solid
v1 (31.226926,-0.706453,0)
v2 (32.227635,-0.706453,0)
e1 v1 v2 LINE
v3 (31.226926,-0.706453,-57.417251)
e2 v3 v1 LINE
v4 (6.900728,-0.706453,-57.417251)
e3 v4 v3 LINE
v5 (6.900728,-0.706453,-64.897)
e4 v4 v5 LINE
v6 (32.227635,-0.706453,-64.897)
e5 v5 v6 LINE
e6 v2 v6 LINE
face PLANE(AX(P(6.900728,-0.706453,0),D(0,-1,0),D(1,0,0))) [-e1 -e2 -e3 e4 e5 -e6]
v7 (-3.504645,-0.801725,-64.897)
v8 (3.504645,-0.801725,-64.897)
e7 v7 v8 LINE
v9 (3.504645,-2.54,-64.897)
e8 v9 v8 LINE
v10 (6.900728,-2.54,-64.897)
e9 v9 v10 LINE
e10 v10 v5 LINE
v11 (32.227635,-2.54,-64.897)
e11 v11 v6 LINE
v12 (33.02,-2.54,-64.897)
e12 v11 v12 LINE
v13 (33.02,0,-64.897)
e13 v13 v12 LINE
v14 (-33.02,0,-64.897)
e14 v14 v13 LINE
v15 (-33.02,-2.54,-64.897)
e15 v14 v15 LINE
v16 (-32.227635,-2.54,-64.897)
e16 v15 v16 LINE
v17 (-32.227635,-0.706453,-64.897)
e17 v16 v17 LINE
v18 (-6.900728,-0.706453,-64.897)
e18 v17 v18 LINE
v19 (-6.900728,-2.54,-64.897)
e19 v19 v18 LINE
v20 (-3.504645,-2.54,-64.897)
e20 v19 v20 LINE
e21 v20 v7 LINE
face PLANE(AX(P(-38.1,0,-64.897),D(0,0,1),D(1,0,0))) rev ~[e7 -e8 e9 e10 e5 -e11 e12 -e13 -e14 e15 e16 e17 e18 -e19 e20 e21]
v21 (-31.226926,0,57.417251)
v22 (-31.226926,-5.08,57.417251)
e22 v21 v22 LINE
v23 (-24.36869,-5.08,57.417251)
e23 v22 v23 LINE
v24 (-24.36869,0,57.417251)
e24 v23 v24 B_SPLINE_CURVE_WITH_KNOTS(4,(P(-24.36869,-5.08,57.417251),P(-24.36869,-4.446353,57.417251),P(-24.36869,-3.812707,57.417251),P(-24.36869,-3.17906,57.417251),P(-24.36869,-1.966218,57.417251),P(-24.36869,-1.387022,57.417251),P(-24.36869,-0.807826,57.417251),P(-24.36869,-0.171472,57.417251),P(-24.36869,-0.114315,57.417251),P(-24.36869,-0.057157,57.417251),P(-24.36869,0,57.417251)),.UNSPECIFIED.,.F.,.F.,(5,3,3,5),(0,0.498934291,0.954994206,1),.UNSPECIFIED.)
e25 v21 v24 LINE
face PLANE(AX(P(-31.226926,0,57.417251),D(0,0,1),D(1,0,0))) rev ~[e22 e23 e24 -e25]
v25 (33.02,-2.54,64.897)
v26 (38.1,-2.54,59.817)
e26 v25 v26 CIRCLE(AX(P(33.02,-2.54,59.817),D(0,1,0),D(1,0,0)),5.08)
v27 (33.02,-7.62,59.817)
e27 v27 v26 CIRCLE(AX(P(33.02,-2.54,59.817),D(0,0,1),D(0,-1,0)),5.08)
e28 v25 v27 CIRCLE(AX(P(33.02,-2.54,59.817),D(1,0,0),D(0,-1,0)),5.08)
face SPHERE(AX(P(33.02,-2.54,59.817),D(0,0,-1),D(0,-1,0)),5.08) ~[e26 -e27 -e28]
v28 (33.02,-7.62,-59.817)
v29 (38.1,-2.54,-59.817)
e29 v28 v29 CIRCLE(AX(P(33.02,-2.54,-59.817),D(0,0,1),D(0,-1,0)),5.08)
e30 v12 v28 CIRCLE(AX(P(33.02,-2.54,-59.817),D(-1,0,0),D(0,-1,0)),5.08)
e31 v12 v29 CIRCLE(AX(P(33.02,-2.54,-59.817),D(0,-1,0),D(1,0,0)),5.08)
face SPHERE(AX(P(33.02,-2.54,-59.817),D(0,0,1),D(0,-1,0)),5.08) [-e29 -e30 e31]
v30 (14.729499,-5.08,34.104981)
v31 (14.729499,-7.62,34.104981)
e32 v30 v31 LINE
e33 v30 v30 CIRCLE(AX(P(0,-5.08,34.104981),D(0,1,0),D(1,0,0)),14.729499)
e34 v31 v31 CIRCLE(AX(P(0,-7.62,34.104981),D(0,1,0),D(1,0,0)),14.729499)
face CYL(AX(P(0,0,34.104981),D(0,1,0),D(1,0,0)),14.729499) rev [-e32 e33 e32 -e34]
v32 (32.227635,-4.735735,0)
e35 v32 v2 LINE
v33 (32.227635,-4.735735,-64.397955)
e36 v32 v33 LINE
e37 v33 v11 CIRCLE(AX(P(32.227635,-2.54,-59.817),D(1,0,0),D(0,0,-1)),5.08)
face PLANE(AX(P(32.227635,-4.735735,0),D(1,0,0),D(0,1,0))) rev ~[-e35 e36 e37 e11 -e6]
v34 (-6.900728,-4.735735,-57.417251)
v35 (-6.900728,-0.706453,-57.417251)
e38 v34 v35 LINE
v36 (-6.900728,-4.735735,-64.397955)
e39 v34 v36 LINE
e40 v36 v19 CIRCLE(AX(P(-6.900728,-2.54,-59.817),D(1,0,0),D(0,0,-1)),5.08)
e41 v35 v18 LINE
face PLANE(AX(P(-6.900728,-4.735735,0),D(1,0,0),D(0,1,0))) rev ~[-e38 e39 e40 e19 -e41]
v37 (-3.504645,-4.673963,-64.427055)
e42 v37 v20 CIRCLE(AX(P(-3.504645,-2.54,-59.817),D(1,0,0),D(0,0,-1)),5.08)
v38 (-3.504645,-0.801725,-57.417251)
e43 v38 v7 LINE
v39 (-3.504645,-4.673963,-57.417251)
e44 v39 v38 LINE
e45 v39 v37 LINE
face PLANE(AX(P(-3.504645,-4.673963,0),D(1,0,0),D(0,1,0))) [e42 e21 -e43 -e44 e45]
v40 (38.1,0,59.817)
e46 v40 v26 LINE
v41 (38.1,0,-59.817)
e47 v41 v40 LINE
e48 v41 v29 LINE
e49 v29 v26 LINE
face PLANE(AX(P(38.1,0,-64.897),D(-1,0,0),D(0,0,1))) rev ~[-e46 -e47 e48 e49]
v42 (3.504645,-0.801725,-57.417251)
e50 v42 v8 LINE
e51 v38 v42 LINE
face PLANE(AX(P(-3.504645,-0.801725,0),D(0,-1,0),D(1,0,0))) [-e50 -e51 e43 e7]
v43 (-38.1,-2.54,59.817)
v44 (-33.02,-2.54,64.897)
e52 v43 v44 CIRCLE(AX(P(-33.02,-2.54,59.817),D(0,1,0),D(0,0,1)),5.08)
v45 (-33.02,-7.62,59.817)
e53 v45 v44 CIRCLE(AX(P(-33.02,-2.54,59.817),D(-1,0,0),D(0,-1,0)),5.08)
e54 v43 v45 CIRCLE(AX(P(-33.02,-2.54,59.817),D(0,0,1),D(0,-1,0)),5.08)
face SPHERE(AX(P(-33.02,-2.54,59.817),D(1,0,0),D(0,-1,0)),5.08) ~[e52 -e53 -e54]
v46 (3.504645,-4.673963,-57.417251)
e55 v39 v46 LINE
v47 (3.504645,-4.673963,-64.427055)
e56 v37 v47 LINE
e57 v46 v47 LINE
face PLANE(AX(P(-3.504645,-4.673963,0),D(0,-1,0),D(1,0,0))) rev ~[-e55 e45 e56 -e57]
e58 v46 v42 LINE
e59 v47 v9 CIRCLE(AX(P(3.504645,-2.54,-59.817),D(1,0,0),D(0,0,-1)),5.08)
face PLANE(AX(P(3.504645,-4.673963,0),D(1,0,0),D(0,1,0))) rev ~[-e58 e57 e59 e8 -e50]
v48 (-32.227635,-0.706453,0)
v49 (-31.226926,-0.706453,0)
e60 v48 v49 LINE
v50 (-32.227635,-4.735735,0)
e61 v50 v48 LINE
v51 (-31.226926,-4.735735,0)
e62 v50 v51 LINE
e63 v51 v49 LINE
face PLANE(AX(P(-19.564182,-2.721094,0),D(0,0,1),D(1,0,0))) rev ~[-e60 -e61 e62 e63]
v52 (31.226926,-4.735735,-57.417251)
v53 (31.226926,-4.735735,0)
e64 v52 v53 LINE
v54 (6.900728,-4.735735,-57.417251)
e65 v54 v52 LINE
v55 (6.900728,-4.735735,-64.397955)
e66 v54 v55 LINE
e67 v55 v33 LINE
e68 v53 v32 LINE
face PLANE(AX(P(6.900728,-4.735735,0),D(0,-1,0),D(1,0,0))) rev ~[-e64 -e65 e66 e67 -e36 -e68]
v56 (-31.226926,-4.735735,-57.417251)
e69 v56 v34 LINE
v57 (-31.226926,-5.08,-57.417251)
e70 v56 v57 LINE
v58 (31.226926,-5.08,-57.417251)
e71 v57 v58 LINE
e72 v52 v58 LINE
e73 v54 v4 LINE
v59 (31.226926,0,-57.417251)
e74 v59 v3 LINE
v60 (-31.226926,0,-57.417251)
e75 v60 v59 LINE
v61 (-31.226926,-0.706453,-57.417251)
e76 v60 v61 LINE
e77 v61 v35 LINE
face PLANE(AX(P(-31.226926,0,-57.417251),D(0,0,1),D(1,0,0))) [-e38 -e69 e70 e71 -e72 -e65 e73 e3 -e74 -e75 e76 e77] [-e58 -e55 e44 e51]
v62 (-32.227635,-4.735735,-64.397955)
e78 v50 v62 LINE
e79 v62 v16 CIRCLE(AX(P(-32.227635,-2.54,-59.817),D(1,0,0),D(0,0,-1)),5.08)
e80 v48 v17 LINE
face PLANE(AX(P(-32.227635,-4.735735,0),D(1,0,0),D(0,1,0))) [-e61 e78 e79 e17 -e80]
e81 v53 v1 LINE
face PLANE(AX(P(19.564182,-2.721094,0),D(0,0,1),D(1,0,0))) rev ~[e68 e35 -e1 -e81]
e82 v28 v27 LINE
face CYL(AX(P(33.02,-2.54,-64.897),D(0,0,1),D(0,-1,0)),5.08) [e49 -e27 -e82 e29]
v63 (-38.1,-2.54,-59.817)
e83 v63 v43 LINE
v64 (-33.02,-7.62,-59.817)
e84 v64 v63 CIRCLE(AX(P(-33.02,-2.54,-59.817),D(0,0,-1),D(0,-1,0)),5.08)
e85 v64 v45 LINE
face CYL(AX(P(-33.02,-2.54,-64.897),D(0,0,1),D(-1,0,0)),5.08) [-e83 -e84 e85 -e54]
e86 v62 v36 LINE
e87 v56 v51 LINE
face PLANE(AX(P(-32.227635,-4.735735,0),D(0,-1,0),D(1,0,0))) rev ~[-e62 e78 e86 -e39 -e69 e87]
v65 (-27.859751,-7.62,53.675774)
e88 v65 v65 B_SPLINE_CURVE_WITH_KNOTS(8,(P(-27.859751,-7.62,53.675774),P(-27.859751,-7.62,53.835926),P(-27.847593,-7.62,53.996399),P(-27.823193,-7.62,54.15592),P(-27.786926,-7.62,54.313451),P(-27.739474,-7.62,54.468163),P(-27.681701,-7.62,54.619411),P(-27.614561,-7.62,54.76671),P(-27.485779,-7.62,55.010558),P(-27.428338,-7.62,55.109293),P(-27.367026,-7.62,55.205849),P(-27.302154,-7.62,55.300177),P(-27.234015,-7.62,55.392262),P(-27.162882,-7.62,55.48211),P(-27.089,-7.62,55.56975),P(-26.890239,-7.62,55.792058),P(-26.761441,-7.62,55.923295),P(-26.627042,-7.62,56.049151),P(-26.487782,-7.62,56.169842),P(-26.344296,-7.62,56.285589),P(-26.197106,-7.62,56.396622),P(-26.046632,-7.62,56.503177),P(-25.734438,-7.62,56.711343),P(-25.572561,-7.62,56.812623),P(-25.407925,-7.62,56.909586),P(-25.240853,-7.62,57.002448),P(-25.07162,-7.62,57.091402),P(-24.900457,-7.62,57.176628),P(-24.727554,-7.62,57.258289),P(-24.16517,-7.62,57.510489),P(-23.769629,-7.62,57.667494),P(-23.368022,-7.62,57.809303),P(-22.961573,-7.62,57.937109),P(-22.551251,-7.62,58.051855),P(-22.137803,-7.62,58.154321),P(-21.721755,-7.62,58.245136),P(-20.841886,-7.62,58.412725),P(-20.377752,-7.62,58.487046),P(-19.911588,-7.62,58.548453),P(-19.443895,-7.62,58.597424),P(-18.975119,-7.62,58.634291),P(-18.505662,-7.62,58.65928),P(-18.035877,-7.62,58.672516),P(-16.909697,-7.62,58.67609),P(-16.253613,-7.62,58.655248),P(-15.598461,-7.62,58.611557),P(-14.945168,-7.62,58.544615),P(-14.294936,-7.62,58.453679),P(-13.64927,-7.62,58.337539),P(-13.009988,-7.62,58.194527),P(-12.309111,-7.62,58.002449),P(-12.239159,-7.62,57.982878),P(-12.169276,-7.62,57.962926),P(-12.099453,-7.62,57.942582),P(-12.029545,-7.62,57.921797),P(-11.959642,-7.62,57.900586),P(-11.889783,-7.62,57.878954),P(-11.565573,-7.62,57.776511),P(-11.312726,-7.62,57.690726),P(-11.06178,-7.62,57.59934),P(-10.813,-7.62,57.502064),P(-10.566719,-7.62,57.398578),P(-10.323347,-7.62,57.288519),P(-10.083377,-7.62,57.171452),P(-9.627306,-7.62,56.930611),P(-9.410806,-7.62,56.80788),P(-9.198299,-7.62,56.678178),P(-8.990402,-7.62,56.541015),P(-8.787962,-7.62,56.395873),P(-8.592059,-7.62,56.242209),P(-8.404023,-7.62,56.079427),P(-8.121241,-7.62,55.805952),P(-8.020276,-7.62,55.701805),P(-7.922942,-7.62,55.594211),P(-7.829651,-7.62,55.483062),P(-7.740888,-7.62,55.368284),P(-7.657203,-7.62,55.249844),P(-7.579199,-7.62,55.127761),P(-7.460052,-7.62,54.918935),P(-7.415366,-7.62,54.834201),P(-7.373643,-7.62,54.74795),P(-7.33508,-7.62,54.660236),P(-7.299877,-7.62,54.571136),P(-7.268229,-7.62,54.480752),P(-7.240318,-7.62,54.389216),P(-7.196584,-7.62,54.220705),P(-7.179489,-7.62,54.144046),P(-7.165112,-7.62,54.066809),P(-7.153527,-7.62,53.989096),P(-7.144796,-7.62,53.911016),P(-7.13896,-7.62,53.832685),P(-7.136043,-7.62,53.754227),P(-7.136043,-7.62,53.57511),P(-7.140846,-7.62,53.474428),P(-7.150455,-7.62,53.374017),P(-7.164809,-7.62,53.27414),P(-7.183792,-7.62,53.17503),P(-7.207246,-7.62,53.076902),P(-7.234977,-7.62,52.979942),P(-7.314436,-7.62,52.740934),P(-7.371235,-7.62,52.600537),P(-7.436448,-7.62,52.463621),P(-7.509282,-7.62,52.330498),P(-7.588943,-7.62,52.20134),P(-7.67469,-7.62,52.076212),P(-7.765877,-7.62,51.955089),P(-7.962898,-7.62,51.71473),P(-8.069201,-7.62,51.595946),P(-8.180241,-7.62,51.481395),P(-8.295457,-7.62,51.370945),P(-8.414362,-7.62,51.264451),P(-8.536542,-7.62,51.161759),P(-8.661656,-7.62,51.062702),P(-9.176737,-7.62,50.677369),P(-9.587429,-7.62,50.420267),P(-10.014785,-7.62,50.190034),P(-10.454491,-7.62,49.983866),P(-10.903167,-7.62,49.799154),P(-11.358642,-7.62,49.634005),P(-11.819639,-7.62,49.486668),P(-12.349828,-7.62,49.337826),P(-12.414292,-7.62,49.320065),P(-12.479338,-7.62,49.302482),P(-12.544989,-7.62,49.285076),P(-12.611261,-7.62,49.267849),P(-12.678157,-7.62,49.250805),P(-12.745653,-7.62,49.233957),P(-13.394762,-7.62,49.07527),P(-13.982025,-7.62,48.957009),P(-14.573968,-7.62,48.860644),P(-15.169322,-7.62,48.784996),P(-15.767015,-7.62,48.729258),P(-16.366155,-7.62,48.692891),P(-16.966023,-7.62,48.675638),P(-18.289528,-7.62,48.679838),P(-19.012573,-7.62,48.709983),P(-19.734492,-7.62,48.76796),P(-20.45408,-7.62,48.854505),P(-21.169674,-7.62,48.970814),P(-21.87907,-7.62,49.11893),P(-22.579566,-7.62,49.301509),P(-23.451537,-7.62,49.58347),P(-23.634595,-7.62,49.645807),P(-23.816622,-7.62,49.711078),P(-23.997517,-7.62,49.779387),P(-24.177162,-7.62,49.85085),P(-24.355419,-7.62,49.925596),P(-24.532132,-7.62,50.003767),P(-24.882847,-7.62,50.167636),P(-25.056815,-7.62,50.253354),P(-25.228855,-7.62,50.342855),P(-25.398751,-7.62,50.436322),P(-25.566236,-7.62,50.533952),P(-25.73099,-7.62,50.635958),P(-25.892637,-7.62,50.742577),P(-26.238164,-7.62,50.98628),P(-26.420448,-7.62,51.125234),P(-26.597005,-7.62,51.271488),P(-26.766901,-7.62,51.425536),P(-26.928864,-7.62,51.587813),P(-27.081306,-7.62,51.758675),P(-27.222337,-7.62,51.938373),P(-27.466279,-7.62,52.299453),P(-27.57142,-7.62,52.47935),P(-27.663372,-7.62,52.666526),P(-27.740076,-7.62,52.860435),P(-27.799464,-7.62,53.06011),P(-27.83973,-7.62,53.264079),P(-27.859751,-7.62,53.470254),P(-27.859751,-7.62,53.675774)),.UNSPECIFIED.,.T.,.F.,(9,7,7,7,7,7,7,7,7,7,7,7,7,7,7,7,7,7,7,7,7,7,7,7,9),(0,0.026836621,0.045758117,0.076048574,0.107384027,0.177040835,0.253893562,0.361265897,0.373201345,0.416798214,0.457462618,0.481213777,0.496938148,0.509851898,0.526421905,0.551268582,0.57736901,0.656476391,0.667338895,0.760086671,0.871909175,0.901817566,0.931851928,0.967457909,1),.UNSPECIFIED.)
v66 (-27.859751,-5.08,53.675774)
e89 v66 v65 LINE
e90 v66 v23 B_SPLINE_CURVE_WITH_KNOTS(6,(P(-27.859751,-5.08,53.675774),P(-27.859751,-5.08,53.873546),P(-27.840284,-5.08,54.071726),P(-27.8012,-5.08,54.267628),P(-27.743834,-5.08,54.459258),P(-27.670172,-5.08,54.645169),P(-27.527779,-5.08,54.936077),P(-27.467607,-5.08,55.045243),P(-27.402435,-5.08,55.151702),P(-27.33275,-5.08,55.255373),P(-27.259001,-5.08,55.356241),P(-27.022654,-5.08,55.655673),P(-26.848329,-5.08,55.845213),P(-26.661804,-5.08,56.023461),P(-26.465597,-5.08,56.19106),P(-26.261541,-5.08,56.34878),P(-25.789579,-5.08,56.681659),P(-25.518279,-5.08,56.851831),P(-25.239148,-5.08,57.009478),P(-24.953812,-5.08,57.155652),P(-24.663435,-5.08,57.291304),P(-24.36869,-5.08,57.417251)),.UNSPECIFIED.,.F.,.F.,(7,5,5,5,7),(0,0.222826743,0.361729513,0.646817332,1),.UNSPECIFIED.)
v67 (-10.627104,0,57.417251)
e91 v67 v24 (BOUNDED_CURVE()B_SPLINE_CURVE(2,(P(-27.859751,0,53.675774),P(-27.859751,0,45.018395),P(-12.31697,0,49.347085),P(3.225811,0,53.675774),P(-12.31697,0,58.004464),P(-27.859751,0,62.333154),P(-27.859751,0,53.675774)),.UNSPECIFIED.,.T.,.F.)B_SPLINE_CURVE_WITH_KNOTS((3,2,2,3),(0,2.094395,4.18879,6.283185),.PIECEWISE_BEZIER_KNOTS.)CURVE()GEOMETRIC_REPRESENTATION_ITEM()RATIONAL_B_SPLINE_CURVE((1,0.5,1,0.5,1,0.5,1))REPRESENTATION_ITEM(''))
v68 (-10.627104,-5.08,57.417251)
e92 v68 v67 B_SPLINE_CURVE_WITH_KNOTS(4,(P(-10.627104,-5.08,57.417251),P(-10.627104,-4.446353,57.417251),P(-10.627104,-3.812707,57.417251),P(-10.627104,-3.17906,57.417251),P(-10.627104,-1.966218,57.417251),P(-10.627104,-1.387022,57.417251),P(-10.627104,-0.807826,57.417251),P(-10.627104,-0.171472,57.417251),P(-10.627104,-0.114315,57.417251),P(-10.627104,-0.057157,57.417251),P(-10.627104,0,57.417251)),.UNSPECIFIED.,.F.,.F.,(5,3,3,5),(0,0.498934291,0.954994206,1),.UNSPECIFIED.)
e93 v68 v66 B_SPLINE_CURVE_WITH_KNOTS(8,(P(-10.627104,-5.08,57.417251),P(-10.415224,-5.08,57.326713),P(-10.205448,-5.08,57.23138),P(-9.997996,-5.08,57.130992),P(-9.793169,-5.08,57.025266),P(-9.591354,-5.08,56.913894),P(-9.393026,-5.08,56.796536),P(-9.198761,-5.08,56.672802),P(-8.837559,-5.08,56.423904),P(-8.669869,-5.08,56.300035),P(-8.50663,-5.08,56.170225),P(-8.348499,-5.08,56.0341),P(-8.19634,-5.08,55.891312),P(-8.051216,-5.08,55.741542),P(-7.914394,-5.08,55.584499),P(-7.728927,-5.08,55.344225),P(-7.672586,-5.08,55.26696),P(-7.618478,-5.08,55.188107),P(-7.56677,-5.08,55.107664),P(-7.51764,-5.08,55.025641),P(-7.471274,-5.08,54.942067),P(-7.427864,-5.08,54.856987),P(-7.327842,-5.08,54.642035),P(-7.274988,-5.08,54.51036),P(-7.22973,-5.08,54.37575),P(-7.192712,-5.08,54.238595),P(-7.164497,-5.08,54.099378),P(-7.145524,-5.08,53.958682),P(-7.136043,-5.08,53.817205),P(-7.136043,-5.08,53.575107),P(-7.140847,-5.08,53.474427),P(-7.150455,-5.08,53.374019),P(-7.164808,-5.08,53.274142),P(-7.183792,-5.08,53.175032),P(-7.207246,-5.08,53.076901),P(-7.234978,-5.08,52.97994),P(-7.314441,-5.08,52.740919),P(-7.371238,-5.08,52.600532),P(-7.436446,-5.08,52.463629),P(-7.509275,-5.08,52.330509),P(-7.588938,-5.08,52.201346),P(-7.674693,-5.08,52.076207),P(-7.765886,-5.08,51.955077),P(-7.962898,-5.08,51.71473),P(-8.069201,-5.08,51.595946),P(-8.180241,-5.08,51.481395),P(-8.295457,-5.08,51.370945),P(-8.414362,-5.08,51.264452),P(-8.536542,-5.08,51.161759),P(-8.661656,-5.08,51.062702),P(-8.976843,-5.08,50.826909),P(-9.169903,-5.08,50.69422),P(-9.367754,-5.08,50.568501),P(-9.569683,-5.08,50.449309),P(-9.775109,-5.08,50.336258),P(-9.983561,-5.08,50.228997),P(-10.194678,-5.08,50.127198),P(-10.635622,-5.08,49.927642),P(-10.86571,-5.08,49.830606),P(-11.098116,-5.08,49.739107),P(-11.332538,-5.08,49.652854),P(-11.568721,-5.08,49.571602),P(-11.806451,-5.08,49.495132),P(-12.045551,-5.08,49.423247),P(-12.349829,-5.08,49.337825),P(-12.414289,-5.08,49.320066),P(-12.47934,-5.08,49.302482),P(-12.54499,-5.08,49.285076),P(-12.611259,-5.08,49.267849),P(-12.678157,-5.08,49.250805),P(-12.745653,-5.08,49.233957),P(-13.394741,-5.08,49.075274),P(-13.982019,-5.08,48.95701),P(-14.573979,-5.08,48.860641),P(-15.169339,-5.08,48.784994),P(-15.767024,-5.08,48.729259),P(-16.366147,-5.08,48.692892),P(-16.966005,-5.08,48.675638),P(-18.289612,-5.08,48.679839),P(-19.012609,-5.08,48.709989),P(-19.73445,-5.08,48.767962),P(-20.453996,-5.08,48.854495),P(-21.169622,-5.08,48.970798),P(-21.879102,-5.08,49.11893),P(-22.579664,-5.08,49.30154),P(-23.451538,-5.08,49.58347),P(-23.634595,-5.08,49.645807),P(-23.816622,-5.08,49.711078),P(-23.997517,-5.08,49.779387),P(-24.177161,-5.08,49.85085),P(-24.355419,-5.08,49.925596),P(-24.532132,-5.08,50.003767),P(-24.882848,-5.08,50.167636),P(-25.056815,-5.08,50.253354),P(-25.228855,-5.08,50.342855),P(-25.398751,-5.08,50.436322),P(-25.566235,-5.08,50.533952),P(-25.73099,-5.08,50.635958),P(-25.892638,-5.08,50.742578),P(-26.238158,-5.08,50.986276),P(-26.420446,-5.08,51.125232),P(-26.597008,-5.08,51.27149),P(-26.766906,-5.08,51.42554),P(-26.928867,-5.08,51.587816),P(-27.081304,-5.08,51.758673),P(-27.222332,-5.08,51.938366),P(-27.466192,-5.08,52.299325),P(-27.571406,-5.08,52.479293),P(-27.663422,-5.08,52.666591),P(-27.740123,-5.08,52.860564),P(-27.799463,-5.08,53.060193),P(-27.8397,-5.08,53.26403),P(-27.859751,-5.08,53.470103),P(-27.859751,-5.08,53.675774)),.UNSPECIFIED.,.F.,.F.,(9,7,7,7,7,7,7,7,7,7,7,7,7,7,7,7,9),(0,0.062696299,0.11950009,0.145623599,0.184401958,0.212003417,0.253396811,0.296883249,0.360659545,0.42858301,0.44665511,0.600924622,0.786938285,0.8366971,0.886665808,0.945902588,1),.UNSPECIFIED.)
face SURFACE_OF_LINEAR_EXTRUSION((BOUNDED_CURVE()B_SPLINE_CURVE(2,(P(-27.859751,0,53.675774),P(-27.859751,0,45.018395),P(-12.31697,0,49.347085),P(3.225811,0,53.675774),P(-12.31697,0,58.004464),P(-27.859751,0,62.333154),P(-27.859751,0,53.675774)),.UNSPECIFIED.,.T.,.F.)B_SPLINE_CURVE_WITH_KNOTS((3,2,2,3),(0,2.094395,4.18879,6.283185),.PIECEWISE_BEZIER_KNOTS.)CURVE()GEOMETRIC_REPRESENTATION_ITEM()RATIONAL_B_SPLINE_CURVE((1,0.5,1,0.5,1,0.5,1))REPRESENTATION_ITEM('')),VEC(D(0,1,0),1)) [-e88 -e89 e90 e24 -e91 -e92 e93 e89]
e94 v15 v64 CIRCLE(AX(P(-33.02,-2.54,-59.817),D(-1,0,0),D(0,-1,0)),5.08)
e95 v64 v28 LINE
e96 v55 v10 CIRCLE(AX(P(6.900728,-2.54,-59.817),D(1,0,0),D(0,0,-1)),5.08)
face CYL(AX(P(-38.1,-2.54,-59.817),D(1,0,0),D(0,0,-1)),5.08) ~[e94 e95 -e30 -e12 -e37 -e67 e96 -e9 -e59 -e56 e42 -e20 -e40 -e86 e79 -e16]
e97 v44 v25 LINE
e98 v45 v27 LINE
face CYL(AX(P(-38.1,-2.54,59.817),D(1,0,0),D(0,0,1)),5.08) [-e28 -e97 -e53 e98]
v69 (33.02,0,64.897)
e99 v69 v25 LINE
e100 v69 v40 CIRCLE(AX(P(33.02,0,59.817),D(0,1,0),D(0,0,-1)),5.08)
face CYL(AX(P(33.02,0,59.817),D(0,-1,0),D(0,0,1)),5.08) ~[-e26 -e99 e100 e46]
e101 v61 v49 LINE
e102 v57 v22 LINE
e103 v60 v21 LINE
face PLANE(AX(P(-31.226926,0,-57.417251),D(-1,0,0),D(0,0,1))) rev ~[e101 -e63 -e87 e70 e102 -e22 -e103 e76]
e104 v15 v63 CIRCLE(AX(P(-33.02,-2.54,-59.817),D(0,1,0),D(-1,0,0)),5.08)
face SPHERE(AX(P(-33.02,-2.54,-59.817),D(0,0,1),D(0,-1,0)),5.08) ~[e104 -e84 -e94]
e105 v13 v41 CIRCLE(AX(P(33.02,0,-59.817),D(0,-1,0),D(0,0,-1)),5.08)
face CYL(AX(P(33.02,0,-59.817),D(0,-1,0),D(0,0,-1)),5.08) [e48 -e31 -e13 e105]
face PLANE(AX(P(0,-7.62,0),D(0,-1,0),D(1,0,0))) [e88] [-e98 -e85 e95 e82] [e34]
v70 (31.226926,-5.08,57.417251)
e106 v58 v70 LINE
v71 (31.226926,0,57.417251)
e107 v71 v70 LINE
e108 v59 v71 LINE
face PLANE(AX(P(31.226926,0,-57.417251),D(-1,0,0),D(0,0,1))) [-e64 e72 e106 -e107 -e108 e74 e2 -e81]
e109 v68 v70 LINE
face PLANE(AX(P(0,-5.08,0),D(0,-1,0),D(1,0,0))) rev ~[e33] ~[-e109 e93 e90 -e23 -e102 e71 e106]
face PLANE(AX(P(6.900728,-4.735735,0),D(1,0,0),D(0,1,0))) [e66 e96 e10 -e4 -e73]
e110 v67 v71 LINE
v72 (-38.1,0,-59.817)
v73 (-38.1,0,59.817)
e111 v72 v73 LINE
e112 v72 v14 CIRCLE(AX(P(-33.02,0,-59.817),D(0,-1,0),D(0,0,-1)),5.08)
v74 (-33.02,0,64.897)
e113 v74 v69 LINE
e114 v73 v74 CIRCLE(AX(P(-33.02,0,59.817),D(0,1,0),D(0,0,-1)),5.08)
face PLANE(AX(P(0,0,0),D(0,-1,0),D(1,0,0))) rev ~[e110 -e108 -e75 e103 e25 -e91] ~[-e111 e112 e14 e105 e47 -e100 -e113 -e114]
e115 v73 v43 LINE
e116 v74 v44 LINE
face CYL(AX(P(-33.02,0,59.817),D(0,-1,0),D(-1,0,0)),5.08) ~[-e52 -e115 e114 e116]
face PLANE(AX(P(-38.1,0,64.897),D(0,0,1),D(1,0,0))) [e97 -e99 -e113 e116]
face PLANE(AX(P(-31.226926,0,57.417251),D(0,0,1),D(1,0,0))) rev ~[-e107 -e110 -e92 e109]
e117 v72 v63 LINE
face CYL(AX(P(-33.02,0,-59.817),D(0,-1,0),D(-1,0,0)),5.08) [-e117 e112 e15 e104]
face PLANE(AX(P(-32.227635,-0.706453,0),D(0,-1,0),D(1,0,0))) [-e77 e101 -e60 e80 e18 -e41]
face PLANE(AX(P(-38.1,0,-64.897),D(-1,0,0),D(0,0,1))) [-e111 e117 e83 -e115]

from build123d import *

# Parameters (mm, degrees)
F0_W      = 76.2
F0_H      = 129.794
F1_DEPTH  = 7.62
F2_W      = 62.453852
F2_H      = 114.834502
F3_DEPTH  = 5.08
F4_R      = 5.08
F5_R      = 14.729499
F6_DEPTH  = 7.621
F7_W      = 25.326907
F7_H      = 4.029281
F7_W_2    = 7.00929
F7_H_2    = 3.872237
F8_DEPTH  = 64.898
F10_DEPTH = 7.621


with BuildPart() as f1:
    # F0 (on Front) → F1 (new body)
    with BuildSketch(Plane.XZ):
        Rectangle(F0_W, F0_H)
    extrude(amount=F1_DEPTH)

    # F2 (on Front) → F3 (cut)
    with BuildSketch(Plane.XZ):
        Rectangle(F2_W, F2_H)
    extrude(amount=F3_DEPTH, mode=Mode.SUBTRACT)

    # F4
    f4_edges = [f1.edges().sort_by_distance(p)[0] for p in [
        (38.1, -7.62, 0),
        (0, -7.62, 64.897),
        (-38.1, -7.62, 0),
        (0, -7.62, -64.897),
        (-38.1, -3.81, -64.897),
        (38.1, -3.81, -64.897),
        (-38.1, -3.81, 64.897),
        (38.1, -3.81, 64.897),
    ]]
    fillet(f4_edges, radius=F4_R)

    # F5 (on Front) → F6 (cut, through all)
    with BuildSketch(Plane.XZ):
        with Locations((0, 34.104981)):
            Circle(F5_R)
    extrude(amount=F6_DEPTH, mode=Mode.SUBTRACT)

    # F7 (on Top) → F8 (cut, through all)
    with BuildSketch(Plane.XY):
        with Locations((-19.564182, -2.721094)):
            Rectangle(F7_W, F7_H)
        with Locations((19.564182, -2.721094)):
            Rectangle(F7_W, F7_H)
        with Locations((0, -2.737844)):
            Rectangle(F7_W_2, F7_H_2)
    extrude(amount=-F8_DEPTH, mode=Mode.SUBTRACT)

    # F9 (on Front) → F10 (cut, through all)
    with BuildSketch(Plane.XZ):
        with BuildLine():
            add(Edge.make_bspline(
                [(-27.859751, 53.675774), (-27.859751, 45.018395), (-12.31697, 49.347085), (3.225811, 53.675774), (-12.31697, 58.004464), (-27.859751, 62.333154), (-27.859751, 53.675774)],
                knots=[0, 0, 0, 2.094395, 2.094395, 4.18879, 4.18879, 6.283185, 6.283185, 6.283185], degree=2, weights=[1, 0.5, 1, 0.5, 1, 0.5, 1]))
        make_face()
    extrude(amount=F10_DEPTH, mode=Mode.SUBTRACT)


solid = f1.part
